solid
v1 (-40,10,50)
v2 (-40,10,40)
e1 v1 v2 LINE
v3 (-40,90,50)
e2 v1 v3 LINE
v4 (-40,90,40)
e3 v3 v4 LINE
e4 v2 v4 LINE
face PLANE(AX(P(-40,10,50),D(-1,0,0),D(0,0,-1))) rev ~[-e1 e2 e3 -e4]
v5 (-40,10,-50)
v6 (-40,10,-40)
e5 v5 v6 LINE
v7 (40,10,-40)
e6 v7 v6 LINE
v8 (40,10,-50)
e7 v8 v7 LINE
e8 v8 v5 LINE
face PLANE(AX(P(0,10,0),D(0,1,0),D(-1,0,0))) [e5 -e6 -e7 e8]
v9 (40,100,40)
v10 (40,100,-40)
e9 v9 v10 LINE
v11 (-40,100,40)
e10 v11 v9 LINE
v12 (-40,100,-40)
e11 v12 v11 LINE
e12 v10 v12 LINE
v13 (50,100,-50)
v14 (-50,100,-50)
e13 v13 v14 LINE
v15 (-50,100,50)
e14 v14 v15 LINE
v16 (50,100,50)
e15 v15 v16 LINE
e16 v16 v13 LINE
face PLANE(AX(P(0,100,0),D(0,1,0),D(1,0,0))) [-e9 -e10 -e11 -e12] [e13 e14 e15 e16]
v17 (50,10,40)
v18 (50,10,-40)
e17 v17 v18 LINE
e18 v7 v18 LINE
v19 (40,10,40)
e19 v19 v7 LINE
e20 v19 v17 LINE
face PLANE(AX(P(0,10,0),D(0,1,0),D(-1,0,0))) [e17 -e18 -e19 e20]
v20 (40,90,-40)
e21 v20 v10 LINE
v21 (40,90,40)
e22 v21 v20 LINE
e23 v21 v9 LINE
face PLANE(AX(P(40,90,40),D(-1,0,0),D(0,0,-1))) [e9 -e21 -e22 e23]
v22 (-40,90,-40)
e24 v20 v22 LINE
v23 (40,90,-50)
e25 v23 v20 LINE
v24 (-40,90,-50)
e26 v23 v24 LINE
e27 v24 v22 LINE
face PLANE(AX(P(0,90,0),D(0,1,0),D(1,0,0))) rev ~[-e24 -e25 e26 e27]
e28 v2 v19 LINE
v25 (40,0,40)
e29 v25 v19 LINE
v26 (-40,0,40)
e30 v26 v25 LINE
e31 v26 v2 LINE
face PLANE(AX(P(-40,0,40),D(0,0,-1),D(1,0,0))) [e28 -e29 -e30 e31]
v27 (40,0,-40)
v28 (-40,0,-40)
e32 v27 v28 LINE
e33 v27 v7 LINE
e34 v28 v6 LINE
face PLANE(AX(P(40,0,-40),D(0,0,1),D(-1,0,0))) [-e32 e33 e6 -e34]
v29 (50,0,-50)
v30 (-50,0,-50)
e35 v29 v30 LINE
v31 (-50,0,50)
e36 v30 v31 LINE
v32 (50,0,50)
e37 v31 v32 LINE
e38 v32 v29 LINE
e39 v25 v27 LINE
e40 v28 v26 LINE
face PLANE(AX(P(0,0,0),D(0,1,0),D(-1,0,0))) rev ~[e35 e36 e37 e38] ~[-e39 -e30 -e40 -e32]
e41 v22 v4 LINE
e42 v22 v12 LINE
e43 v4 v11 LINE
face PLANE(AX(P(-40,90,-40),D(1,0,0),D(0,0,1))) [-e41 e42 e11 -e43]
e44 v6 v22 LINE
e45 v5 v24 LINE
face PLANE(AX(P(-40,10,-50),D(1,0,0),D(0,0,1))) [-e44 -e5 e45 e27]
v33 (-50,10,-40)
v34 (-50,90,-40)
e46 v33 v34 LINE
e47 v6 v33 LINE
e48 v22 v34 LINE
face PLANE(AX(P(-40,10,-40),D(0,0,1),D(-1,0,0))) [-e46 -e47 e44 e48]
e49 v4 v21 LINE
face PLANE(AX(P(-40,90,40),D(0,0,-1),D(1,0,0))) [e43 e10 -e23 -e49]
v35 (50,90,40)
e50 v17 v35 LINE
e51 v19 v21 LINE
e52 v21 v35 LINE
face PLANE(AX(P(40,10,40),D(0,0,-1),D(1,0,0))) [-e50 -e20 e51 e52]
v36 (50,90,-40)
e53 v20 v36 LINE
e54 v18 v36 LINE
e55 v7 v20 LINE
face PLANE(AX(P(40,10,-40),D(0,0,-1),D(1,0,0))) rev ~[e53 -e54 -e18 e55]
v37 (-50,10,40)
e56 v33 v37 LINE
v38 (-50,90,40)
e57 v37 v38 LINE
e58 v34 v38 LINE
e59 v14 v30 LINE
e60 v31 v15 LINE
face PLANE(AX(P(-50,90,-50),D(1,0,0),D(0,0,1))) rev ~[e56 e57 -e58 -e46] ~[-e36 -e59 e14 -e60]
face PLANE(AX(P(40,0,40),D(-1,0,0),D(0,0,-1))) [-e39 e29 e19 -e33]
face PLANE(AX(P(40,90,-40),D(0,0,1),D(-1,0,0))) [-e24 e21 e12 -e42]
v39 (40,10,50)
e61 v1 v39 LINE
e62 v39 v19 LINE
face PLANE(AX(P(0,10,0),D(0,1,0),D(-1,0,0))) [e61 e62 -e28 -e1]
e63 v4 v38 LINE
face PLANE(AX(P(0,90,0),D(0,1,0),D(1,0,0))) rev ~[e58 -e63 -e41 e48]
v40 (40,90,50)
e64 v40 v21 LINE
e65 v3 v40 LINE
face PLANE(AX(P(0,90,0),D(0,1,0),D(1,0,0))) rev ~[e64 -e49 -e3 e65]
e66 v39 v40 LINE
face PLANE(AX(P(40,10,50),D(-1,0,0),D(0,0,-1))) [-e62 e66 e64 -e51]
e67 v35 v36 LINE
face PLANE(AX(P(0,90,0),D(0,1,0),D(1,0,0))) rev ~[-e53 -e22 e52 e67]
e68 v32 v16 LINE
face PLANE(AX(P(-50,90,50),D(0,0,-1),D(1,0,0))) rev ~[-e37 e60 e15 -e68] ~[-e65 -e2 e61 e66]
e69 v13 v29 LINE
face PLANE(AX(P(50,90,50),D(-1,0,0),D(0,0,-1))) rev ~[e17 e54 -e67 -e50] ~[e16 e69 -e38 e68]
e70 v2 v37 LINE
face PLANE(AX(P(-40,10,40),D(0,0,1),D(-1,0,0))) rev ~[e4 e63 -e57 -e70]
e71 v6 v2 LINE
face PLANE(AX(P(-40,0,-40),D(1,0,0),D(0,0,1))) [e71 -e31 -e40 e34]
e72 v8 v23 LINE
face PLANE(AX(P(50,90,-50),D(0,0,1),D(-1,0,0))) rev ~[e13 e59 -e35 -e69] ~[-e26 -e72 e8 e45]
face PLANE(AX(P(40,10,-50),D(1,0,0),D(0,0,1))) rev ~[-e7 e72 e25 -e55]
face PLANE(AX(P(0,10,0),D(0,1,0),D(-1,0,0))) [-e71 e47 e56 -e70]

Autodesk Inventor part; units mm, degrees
ref_plane "YZ Plane" through (0, 0, 0) normal (1, 0, 0) x (0, 1, 0)
ref_plane "XZ Plane" through (0, 0, 0) normal (0, 1, 0) x (-1, 0, 0)
ref_plane "XY Plane" through (0, 0, 0) normal (0, 0, 1) x (1, 0, 0)
sketch "Sketch1" plane through (0, 0, 0) normal (0, 1, 0) x (-1, 0, 0)
  line L0 (50, 50) -> (-50, 50)
  line L1 (-50, 50) -> (-50, -50)
  line L2 (-50, -50) -> (50, -50)
  line L3 (50, -50) -> (50, 50)
  line L4 (50, 50) -> (-50, -50) construction
  line L5 (-50, 50) -> (50, -50) construction
  line L6 (40, 40) -> (-40, 40)
  line L7 (-40, 40) -> (-40, -40)
  line L8 (-40, -40) -> (40, -40)
  line L9 (40, -40) -> (40, 40)
  line L10 (40, 40) -> (-40, -40) construction
  line L11 (-40, 40) -> (40, -40) construction
  point P0 (0, 0)
  dimension "d0" = 100
  dimension "d1" = 100
  dimension "d2" = 80
  dimension "d3" = 80
extrude "Extrusion1" add sketch "Sketch1" along normal blind 10
sketch "Sketch2" plane through (0, 10, 0) normal (0, 1, 0) x (1, 0, 0)
  line L0 (40, -40) -> (50, -40)
  line L1 (50, -40) -> (50, -50)
  line L2 (50, -50) -> (40, -50)
  line L3 (40, -50) -> (40, -40)
  line L4 (40, 40) -> (40, -40) projected
  line L5 (50, 50) -> (-50, 50) projected
  line L6 (40, 40) -> (50, 40)
  line L7 (50, 40) -> (50, 50)
  line L8 (50, 50) -> (40, 50)
  line L9 (40, 50) -> (40, 40)
  line L10 (-40, -40) -> (-40, 40) projected
  line L11 (-50, 50) -> (-50, -50) projected
  line L12 (-40, 40) -> (-50, 40)
  line L13 (-50, 40) -> (-50, 50)
  line L14 (-50, 50) -> (-40, 50)
  line L15 (-40, 50) -> (-40, 40)
  line L16 (40, -40) -> (-40, -40) projected
  line L17 (-40, -40) -> (-50, -40)
  line L18 (-50, -40) -> (-50, -50)
  line L19 (-50, -50) -> (-40, -50)
  line L20 (-40, -50) -> (-40, -40)
  point P0 (0, 0)
extrude "Extrusion2" add sketch "Sketch2" along normal blind 80 contours L0 L1 L2 L3 | L9 L5 L7 L6 | L20 L19 L11 L17 | L12 L11 L5 L15
sketch "Sketch3" plane through (0, 90, 0) normal (0, 1, 0) x (1, 0, 0)
  line L0 (-50, -50) -> (50, -50)
  line L1 (50, -50) -> (50, 50)
  line L2 (50, 50) -> (-50, 50)
  line L3 (-50, 50) -> (-50, -50)
  line L4 (-50, -50) -> (50, 50) construction
  line L5 (50, -50) -> (-50, 50) construction
  line L6 (-40, -40) -> (40, -40)
  line L7 (40, -40) -> (40, 40)
  line L8 (40, 40) -> (-40, 40)
  line L9 (-40, 40) -> (-40, -40)
  line L10 (-40, -40) -> (40, 40) construction
  line L11 (40, -40) -> (-40, 40) construction
  point P0 (0, 0)
  dimension "d8" = 100
  dimension "d9" = 100
  dimension "d10" = 80
  dimension "d11" = 80
extrude "Extrusion3" add sketch "Sketch3" along normal blind 10
properties part number "Hollow_Cube" material "ABS Plastic"
